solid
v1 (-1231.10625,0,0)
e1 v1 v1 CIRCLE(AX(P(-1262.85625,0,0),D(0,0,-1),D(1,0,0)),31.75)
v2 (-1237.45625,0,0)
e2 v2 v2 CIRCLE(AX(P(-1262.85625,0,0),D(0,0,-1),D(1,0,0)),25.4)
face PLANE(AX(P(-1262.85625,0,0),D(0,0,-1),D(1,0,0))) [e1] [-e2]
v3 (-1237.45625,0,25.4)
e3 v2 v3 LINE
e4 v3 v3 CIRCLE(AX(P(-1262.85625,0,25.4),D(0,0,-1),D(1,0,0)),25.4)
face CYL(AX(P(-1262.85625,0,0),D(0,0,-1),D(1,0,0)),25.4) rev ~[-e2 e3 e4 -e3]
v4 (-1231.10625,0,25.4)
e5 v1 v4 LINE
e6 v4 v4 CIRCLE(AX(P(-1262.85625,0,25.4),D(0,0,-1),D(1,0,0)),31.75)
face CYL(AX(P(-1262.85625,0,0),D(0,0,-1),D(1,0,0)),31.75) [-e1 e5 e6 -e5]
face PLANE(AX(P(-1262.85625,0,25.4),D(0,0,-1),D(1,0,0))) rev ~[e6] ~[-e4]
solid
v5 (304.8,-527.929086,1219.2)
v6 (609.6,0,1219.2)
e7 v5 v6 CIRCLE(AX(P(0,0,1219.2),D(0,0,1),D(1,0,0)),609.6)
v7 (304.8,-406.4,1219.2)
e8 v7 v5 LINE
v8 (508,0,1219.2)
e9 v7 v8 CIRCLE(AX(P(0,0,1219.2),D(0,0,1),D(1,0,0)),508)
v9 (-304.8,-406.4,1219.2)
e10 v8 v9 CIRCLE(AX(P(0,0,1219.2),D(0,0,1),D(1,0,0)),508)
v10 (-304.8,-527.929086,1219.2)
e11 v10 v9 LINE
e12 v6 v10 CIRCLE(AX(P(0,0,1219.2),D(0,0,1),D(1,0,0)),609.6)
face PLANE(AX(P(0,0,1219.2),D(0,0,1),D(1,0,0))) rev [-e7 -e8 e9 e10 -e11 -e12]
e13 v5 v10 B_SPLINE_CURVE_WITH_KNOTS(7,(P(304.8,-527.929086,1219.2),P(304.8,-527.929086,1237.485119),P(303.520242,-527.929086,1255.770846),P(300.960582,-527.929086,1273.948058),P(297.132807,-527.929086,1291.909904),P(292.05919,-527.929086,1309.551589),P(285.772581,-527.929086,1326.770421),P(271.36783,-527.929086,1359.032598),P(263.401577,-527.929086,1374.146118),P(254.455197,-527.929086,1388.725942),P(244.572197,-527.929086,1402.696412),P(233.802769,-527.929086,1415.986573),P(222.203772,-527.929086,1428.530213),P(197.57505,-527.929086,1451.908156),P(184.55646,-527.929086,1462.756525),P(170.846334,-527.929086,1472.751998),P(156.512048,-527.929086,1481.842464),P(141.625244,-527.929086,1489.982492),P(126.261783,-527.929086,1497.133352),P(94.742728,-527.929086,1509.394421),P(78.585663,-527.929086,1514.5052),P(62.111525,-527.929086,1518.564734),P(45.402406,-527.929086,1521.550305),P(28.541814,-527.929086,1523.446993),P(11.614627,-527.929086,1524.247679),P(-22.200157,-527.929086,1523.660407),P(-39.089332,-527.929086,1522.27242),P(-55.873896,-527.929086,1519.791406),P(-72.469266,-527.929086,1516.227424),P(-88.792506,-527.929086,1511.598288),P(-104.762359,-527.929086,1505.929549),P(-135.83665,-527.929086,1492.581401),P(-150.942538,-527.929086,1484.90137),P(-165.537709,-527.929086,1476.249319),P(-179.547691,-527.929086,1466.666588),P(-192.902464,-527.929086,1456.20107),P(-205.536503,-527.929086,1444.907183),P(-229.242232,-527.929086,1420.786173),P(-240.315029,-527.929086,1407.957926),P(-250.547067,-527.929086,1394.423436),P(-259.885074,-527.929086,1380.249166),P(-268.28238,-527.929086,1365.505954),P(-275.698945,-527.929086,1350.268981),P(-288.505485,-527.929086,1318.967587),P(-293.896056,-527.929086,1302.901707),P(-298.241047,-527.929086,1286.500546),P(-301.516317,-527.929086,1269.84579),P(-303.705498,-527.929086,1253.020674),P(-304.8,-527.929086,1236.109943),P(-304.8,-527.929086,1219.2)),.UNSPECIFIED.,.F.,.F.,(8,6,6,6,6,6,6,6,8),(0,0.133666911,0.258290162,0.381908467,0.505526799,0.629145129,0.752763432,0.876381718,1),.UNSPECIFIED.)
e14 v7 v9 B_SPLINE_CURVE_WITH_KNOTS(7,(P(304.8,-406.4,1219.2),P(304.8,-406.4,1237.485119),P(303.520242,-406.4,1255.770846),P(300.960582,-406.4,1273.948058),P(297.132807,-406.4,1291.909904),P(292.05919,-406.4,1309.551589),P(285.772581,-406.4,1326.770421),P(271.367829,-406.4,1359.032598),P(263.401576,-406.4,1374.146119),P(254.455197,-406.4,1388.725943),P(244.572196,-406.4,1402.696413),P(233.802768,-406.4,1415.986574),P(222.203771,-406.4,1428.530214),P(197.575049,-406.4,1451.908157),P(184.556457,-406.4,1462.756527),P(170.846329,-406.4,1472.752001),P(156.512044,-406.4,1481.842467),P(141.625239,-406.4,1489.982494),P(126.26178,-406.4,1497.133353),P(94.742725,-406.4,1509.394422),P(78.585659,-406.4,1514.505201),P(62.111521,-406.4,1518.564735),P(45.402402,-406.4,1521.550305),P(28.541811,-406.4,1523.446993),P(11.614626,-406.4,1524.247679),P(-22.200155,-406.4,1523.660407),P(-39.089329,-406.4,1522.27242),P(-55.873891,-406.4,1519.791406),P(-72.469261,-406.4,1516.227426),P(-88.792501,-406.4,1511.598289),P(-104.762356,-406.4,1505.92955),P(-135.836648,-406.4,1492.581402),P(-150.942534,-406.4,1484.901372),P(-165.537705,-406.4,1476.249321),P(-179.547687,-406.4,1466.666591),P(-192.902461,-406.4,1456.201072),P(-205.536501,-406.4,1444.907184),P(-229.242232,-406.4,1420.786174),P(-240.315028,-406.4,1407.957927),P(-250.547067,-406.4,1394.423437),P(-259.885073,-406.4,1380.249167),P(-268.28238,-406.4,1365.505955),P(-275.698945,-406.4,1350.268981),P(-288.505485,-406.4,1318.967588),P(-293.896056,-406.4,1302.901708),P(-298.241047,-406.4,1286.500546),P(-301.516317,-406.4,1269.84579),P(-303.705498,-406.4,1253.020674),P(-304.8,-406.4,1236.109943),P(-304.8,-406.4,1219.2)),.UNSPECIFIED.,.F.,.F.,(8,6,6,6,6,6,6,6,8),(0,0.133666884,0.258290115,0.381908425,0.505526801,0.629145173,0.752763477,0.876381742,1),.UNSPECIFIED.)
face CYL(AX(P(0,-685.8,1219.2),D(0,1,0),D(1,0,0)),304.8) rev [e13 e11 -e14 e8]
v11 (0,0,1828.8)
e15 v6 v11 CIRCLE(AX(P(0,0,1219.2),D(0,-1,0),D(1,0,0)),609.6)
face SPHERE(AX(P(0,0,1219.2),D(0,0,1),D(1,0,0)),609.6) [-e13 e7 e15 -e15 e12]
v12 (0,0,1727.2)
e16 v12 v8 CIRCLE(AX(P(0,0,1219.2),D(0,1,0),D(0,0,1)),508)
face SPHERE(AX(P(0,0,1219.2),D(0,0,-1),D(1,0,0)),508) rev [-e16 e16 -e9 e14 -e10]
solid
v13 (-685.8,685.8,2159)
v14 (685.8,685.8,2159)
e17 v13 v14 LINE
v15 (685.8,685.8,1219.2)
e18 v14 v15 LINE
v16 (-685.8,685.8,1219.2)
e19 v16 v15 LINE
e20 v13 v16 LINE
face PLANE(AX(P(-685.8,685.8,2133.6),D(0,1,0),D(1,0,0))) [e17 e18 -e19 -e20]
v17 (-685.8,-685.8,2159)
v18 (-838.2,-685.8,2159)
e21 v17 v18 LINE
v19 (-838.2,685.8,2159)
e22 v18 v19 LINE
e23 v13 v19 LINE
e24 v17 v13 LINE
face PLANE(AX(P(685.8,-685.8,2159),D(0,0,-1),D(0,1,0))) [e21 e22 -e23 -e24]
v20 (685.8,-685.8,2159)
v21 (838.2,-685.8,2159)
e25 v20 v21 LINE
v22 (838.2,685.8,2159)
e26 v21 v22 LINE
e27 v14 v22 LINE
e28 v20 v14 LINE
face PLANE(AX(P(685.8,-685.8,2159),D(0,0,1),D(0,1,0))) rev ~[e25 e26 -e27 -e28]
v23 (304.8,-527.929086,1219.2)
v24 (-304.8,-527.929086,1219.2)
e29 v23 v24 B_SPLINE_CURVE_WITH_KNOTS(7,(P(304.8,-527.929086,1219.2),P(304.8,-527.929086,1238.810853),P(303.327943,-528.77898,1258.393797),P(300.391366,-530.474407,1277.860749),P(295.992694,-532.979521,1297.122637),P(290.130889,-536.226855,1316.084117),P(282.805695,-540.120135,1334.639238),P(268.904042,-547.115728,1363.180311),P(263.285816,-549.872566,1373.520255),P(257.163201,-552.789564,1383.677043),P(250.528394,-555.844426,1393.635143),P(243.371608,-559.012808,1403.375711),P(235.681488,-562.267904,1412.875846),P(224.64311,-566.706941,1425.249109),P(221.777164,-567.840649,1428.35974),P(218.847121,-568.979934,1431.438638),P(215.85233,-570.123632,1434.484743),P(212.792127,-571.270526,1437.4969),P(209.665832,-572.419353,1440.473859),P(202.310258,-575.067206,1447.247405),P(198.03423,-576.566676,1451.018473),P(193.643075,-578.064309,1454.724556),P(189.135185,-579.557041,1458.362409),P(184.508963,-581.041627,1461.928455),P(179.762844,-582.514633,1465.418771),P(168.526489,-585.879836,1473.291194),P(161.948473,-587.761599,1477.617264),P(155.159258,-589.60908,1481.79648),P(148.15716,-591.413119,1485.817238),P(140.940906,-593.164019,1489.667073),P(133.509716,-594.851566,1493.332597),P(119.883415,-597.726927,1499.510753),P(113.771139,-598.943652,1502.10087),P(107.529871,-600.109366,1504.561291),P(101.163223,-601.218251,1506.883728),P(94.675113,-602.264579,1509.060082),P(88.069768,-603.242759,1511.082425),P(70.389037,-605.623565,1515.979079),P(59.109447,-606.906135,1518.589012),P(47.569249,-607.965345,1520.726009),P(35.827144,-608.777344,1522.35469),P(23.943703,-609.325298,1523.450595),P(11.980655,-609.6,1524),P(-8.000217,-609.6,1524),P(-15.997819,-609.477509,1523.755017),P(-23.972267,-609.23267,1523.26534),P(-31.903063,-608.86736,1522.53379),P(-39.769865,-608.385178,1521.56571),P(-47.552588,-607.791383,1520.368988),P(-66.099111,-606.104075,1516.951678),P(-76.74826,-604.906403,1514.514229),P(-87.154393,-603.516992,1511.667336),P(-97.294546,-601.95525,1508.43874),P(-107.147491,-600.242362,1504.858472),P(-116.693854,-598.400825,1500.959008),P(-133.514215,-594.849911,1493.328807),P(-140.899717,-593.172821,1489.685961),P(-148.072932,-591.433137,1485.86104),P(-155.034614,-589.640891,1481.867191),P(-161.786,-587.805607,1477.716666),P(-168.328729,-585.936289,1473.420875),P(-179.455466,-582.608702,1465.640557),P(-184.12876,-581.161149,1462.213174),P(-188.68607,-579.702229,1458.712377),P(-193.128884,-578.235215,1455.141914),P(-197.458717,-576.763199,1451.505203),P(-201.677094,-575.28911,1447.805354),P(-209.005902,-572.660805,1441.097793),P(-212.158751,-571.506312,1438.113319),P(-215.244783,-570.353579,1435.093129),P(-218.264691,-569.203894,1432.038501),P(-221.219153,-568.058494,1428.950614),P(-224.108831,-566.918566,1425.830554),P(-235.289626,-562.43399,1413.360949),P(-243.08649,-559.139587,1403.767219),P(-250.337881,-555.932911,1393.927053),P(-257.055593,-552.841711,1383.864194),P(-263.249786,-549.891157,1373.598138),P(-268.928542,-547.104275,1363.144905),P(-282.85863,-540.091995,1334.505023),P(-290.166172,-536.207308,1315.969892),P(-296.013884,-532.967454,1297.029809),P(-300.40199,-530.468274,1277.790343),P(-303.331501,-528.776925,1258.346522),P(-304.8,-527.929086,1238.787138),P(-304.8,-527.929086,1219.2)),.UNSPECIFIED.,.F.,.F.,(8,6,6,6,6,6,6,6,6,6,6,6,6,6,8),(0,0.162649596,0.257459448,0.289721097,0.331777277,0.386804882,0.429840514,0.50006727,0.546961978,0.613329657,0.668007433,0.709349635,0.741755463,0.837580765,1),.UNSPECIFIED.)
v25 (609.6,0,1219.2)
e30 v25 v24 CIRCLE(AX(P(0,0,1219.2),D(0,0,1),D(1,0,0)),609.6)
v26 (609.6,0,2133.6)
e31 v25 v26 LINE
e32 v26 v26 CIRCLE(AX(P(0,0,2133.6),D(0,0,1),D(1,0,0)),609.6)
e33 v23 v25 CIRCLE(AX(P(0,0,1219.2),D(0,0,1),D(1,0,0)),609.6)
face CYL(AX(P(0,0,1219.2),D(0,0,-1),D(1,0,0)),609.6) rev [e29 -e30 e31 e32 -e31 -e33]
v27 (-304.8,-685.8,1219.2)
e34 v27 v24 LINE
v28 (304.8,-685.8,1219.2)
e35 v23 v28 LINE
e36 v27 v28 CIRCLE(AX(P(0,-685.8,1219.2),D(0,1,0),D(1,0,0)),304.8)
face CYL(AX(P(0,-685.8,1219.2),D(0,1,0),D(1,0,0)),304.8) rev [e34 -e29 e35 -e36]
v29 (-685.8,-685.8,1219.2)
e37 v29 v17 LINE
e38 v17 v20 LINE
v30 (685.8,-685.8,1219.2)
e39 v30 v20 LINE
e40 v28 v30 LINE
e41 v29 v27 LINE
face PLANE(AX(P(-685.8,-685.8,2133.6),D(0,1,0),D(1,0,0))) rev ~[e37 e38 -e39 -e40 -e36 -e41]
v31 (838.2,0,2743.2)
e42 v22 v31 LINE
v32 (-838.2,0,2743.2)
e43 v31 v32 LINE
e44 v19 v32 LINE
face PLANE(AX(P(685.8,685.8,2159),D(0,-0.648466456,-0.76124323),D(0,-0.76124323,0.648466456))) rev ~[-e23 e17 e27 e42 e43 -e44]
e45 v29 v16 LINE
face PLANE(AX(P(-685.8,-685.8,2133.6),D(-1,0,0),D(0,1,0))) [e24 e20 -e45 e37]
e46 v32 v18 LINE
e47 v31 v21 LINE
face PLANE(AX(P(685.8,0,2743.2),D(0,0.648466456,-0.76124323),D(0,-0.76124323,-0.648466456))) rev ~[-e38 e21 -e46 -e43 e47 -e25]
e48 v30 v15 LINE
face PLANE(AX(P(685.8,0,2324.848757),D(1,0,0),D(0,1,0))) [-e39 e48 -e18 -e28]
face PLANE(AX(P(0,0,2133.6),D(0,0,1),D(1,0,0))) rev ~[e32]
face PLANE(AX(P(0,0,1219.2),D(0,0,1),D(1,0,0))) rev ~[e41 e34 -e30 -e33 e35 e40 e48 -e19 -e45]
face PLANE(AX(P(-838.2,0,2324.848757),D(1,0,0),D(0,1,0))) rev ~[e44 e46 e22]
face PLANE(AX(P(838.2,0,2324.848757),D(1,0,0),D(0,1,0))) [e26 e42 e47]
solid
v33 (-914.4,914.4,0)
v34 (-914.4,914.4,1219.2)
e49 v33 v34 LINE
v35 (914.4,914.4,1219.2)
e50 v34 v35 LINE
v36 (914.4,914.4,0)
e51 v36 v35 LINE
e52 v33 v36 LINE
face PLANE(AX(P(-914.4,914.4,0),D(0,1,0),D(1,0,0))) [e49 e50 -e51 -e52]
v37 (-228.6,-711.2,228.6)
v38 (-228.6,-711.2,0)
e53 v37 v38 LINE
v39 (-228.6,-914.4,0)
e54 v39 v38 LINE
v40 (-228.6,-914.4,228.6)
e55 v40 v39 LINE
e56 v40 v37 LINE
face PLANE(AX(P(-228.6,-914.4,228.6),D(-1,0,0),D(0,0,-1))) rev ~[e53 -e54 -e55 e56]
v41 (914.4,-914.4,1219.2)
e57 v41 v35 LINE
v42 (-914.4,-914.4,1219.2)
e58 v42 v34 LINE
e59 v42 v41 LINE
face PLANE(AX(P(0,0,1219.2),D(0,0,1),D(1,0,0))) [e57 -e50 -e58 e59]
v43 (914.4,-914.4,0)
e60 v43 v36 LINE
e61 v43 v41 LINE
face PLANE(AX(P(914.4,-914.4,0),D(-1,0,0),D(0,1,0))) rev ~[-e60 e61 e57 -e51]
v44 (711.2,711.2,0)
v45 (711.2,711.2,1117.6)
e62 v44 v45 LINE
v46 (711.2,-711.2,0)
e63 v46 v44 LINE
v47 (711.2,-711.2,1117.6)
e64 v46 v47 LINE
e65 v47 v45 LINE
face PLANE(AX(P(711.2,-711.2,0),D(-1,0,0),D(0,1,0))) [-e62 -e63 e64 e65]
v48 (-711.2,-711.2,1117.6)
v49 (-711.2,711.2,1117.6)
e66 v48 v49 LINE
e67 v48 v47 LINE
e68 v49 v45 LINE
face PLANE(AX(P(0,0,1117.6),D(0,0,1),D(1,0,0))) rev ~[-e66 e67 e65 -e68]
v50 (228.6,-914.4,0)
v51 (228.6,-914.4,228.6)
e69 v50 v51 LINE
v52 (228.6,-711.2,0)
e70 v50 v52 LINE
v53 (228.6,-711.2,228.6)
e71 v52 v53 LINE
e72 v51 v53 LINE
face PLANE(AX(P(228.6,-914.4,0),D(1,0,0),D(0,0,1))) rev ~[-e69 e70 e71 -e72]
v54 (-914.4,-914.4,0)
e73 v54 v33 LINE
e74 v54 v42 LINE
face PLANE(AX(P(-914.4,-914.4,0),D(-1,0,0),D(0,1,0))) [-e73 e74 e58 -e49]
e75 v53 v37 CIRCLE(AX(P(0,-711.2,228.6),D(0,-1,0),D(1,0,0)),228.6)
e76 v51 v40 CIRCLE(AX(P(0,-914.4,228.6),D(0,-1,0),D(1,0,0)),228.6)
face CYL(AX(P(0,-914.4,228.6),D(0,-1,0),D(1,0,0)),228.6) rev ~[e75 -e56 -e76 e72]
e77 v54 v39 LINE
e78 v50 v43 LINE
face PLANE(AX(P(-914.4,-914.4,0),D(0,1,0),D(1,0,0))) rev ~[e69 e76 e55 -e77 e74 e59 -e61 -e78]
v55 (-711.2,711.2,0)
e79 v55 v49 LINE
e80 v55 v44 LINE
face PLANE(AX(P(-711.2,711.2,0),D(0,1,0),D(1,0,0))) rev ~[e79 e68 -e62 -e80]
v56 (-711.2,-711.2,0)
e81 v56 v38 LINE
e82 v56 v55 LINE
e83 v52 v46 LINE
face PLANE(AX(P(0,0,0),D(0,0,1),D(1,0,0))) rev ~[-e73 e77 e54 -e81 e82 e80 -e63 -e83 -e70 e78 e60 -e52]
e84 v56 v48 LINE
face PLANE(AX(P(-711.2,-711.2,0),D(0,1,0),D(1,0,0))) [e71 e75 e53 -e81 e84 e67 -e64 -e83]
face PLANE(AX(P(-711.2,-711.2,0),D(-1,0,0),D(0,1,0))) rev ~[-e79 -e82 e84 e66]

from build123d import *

# Parameters (mm, degrees)
F0_W           = 1828.8
F0_H           = 1828.8
F0_W_2         = 1422.4
F0_H_2         = 1422.4
F1_DEPTH       = 1219.2
F2_W           = 1371.6
F2_H           = 1371.6
F2_R           = 609.6
F5_DEPTH       = 914.4
F6_W           = 1371.6
F6_H           = 1371.6
F7_DEPTH       = 25.4
F9_W           = 1422.4
F9_H           = 1422.4
F10_DEPTH      = 101.6
F11_DEPTH      = 203.2
F13_DEPTH      = 1524
F13_DEPTH_BACK = 152.4
F15_DEPTH      = 304.8
F15_DEPTH_BACK = 228.601
F16_R          = 31.75
F16_R_2        = 25.4
F17_DEPTH      = 25.4


with BuildPart() as f1:
    # F0 (on Top) → F1 (new body)
    with BuildSketch(Plane.XY):
        Rectangle(F0_W, F0_H)
        Rectangle(F0_W_2, F0_H_2, mode=Mode.SUBTRACT)
    extrude(amount=F1_DEPTH)

    # F9 (on face) → F10 (join)
    with BuildSketch(Plane.XY.offset(1219.2)):
        Rectangle(F9_W, F9_H)
    extrude(amount=-F10_DEPTH)

    # F8 (on face) → F11 (cut, through all)
    with BuildSketch(Plane.XZ.offset(914.4)):
        with BuildLine():
            Line((228.6, 0), (228.6, 228.6))
            ThreePointArc((228.6, 228.6), (0, 457.2), (-228.6, 228.6))
            Line((-228.6, 228.6), (-228.6, 0))
            Line((-228.6, 0), (228.6, 0))
        make_face()
    extrude(amount=-F11_DEPTH, mode=Mode.SUBTRACT)


with BuildPart() as f4:
    # F3 (on Front) → F4 (revolve)
    with BuildSketch(Plane.XZ):
        with BuildLine():
            Line((508, 1219.2), (609.6, 1219.2))
            ThreePointArc((609.6, 1219.2), (431.0522938113, 1650.2522938113), (0, 1828.8))
            Line((0, 1828.8), (0, 1727.2))
            ThreePointArc((0, 1727.2), (359.2102448428, 1578.4102448428), (508, 1219.2))
        make_face()
    revolve(axis=Axis((0, 0, 1524), (0, 0, 1)))


with BuildPart() as f5:
    # F2 (on face) → F5 (new body)
    with BuildSketch(Plane.XY.offset(1219.2)):
        Rectangle(F2_W, F2_H)
        Circle(F2_R, mode=Mode.SUBTRACT)
    extrude(amount=F5_DEPTH)

    # F6 (on face) → F7 (join)
    with BuildSketch(Plane.XY.offset(2133.6)):
        Rectangle(F6_W, F6_H)
    extrude(amount=F7_DEPTH)

    # F12 (on face) → F13 (join, two sides)
    with BuildSketch(Plane.YZ.offset(685.8)) as f13_sk:
        Polygon((0, 2743.2), (-685.8, 2159), (685.8, 2159), align=None)
    extrude(amount=-F13_DEPTH)
    extrude(f13_sk.sketch, amount=F13_DEPTH_BACK)


with BuildPart() as f15_tool:
    # F14 (on face) → F15 (new body, two sides)
    with BuildSketch(Plane.XZ.offset(685.8)) as f15_sk:
        with BuildLine():
            Line((-304.8, 1219.2), (304.8, 1219.2))
            ThreePointArc((304.8, 1219.2), (0, 1524), (-304.8, 1219.2))
        make_face()
    extrude(amount=-F15_DEPTH)
    extrude(f15_sk.sketch, amount=F15_DEPTH_BACK)


with BuildPart() as f4_1:
    add(f4.part)

    # F15: cut by f15_tool
    add(f15_tool.part, mode=Mode.SUBTRACT)


with BuildPart() as f5_1:
    add(f5.part)

    # F15: cut by f15_tool
    add(f15_tool.part, mode=Mode.SUBTRACT)


with BuildPart() as f17:
    # F16 (on face) → F17 (new body)
    with BuildSketch(Plane(origin=(0, 0, 0), x_dir=(1, 0, 0), z_dir=(0, 0, -1))):
        with Locations((-1262.85625, 0)):
            Circle(F16_R)
        with Locations((-1262.85625, 0)):
            Circle(F16_R_2, mode=Mode.SUBTRACT)
    extrude(amount=-F17_DEPTH)


solid = Compound([f1.part, f4_1.part, f5_1.part, f17.part])
